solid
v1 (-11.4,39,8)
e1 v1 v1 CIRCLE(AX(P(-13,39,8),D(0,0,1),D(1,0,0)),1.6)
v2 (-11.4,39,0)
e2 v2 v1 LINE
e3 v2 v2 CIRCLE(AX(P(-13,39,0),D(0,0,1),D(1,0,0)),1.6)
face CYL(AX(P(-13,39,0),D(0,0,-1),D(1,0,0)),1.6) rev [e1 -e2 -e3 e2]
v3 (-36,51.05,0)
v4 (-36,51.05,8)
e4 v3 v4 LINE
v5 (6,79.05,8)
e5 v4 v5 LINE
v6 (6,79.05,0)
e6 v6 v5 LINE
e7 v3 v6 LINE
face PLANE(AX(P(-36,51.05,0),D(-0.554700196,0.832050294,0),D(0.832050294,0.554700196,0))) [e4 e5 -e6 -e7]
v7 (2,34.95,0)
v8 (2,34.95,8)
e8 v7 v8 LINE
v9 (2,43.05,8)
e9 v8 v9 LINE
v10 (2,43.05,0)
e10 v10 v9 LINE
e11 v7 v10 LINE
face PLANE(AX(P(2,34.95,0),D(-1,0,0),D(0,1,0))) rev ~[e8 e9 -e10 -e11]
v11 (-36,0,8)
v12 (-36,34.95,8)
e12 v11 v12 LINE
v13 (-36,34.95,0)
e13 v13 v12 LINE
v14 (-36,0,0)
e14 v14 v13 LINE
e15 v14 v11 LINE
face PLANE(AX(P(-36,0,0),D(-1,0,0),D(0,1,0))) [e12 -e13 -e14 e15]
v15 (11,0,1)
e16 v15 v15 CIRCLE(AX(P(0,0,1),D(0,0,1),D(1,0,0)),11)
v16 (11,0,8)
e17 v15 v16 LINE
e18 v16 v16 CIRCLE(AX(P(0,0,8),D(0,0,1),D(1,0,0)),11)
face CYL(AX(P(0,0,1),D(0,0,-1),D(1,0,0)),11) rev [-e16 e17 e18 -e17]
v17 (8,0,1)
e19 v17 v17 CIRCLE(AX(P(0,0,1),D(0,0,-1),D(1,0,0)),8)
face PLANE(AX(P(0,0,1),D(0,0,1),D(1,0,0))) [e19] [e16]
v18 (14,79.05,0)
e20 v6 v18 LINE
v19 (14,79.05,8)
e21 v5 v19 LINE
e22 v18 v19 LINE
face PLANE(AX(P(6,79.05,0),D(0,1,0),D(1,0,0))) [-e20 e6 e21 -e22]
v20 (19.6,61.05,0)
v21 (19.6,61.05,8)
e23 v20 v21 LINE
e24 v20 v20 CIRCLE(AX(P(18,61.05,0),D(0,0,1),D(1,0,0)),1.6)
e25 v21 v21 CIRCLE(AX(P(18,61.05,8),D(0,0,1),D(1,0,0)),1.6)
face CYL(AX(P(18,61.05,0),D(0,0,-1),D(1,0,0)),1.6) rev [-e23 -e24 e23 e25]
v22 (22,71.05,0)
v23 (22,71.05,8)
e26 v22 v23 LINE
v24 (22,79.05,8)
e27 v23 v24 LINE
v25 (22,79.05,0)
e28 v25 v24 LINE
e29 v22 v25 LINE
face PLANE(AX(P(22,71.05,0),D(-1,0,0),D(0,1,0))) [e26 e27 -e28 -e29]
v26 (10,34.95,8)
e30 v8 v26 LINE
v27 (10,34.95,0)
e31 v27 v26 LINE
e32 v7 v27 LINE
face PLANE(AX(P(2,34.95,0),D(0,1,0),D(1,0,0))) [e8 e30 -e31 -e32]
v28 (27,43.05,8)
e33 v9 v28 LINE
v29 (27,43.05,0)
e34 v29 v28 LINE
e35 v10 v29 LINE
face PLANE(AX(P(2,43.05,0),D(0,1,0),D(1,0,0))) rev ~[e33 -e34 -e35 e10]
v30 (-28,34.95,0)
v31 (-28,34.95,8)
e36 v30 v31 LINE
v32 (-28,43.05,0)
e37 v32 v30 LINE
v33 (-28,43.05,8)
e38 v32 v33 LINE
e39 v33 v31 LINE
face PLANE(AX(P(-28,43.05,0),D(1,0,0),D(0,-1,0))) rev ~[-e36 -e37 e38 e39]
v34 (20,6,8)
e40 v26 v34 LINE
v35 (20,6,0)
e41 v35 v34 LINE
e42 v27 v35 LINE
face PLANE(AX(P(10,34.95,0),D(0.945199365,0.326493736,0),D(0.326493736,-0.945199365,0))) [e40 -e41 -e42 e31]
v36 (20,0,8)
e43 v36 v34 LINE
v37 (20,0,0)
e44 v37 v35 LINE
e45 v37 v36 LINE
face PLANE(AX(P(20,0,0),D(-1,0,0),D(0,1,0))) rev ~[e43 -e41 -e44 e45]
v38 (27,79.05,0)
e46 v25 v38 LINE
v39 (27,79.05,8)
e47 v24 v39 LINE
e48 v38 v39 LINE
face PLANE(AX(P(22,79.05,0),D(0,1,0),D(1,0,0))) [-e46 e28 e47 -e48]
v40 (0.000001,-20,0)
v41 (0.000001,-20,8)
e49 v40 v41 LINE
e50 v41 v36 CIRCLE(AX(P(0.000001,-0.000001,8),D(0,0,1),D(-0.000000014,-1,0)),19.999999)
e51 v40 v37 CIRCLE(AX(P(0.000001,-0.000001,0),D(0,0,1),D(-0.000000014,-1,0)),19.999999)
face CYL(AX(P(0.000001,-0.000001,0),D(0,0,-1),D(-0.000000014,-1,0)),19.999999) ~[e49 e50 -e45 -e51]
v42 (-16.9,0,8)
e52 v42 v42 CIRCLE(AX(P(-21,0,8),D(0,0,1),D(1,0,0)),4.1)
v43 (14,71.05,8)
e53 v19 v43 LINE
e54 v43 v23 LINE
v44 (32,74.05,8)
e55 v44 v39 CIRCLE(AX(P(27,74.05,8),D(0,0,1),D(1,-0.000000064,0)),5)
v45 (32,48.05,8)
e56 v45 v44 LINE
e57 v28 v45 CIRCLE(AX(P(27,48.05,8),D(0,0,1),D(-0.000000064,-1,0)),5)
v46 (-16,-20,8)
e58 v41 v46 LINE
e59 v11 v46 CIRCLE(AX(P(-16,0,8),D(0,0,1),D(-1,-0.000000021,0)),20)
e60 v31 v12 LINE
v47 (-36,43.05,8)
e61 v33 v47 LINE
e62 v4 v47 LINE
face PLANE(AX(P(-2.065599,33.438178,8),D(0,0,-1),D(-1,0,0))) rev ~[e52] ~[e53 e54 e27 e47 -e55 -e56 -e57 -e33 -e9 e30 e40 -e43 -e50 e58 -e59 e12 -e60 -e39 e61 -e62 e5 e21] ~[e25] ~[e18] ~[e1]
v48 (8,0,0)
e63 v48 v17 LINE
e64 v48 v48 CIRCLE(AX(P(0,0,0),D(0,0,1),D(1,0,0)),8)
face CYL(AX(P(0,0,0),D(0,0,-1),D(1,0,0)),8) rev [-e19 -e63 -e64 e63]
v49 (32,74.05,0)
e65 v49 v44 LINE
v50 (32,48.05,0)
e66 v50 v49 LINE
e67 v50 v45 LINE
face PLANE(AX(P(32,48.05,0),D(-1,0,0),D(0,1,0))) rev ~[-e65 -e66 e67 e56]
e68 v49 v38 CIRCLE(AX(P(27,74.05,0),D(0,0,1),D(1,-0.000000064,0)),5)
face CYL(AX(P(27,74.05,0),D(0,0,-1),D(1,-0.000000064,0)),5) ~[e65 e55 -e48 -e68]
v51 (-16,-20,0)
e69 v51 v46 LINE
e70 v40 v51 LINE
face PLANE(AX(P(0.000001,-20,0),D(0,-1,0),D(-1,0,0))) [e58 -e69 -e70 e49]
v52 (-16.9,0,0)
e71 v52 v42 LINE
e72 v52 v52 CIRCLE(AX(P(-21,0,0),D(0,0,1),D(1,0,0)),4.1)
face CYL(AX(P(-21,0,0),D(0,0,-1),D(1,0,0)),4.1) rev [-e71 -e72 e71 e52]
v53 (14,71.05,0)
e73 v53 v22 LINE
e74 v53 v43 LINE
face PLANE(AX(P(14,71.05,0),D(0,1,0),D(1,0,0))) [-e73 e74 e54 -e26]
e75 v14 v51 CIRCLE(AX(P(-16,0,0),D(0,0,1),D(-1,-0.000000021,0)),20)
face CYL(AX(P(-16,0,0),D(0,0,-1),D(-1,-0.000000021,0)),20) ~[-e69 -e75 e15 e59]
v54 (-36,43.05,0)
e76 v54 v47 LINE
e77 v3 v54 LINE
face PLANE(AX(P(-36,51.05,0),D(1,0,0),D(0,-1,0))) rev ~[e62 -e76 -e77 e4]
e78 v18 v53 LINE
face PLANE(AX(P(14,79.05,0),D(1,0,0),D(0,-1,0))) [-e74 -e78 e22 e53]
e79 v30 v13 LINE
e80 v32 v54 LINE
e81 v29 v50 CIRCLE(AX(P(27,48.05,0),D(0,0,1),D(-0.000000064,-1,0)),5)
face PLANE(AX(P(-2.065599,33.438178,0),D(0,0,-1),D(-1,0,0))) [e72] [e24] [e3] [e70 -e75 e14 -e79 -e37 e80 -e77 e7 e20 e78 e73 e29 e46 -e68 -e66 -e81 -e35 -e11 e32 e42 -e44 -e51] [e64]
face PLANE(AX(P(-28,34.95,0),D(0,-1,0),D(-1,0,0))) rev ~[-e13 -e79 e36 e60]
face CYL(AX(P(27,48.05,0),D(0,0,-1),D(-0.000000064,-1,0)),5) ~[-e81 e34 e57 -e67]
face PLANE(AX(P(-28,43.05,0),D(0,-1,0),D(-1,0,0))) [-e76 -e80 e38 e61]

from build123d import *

# Parameters (mm, degrees)
CYLINDER_R     = 11
CYLINDER_DEPTH = 7
SKETCH_R       = 4.1
SKETCH_R_2     = 8
SKETCH_R_3     = 1.6
PAD_DEPTH      = 8


with BuildPart() as cylinder:
    # Cylinder → Cylinder (new body)
    with BuildSketch(Plane.XY.offset(1)):
        Circle(CYLINDER_R)
    extrude(amount=CYLINDER_DEPTH)


with BuildPart() as cut:
    # Sketch → Pad (new body)
    with BuildSketch(Plane.XY):
        with BuildLine():
            Line((1e-06, -20), (-16, -20))
            ThreePointArc((-36, 0), (-30.142135, -14.142136), (-16, -20))
            Line((-36, 0), (-36, 34.95))
            Line((-28, 34.95), (-36, 34.95))
            Line((-28, 39), (-28, 34.95))
            Line((-28, 39), (-28, 43.05))
            Line((-28, 43.05), (-36, 43.05))
            Line((-36, 51.05), (-36, 43.05))
            Line((-36, 51.05), (6, 79.05))
            Line((6, 79.05), (14, 79.05))
            Line((14, 79.05), (14, 71.05))
            Line((14, 71.05), (18, 71.05))
            Line((18, 71.05), (22, 71.05))
            Line((22, 71.05), (22, 79.05))
            Line((22, 79.05), (27, 79.05))
            ThreePointArc((32, 74.05), (30.535534, 77.585534), (27, 79.05))
            Line((32, 48.05), (32, 74.05))
            ThreePointArc((27, 43.05), (30.535534, 44.514466), (32, 48.05))
            Line((2, 43.05), (27, 43.05))
            Line((2, 39), (2, 43.05))
            Line((2, 34.95), (2, 39))
            Line((2, 34.95), (10, 34.95))
            Line((10, 34.95), (20, 6))
            Line((20, 0), (20, 6))
            ThreePointArc((1e-06, -20), (14.142136, -14.142136), (20, 0))
        make_face()
        with Locations((-21, 0)):
            Circle(SKETCH_R, mode=Mode.SUBTRACT)
        with Locations((0, 0)):
            Circle(SKETCH_R_2, mode=Mode.SUBTRACT)
        with Locations((-13, 39)):
            Circle(SKETCH_R_3, mode=Mode.SUBTRACT)
        with Locations((18, 61.05)):
            Circle(SKETCH_R_3, mode=Mode.SUBTRACT)
    extrude(amount=PAD_DEPTH)

    # Cut: cut Cylinder
    add(cylinder.part, mode=Mode.SUBTRACT)


solid = cut.part
